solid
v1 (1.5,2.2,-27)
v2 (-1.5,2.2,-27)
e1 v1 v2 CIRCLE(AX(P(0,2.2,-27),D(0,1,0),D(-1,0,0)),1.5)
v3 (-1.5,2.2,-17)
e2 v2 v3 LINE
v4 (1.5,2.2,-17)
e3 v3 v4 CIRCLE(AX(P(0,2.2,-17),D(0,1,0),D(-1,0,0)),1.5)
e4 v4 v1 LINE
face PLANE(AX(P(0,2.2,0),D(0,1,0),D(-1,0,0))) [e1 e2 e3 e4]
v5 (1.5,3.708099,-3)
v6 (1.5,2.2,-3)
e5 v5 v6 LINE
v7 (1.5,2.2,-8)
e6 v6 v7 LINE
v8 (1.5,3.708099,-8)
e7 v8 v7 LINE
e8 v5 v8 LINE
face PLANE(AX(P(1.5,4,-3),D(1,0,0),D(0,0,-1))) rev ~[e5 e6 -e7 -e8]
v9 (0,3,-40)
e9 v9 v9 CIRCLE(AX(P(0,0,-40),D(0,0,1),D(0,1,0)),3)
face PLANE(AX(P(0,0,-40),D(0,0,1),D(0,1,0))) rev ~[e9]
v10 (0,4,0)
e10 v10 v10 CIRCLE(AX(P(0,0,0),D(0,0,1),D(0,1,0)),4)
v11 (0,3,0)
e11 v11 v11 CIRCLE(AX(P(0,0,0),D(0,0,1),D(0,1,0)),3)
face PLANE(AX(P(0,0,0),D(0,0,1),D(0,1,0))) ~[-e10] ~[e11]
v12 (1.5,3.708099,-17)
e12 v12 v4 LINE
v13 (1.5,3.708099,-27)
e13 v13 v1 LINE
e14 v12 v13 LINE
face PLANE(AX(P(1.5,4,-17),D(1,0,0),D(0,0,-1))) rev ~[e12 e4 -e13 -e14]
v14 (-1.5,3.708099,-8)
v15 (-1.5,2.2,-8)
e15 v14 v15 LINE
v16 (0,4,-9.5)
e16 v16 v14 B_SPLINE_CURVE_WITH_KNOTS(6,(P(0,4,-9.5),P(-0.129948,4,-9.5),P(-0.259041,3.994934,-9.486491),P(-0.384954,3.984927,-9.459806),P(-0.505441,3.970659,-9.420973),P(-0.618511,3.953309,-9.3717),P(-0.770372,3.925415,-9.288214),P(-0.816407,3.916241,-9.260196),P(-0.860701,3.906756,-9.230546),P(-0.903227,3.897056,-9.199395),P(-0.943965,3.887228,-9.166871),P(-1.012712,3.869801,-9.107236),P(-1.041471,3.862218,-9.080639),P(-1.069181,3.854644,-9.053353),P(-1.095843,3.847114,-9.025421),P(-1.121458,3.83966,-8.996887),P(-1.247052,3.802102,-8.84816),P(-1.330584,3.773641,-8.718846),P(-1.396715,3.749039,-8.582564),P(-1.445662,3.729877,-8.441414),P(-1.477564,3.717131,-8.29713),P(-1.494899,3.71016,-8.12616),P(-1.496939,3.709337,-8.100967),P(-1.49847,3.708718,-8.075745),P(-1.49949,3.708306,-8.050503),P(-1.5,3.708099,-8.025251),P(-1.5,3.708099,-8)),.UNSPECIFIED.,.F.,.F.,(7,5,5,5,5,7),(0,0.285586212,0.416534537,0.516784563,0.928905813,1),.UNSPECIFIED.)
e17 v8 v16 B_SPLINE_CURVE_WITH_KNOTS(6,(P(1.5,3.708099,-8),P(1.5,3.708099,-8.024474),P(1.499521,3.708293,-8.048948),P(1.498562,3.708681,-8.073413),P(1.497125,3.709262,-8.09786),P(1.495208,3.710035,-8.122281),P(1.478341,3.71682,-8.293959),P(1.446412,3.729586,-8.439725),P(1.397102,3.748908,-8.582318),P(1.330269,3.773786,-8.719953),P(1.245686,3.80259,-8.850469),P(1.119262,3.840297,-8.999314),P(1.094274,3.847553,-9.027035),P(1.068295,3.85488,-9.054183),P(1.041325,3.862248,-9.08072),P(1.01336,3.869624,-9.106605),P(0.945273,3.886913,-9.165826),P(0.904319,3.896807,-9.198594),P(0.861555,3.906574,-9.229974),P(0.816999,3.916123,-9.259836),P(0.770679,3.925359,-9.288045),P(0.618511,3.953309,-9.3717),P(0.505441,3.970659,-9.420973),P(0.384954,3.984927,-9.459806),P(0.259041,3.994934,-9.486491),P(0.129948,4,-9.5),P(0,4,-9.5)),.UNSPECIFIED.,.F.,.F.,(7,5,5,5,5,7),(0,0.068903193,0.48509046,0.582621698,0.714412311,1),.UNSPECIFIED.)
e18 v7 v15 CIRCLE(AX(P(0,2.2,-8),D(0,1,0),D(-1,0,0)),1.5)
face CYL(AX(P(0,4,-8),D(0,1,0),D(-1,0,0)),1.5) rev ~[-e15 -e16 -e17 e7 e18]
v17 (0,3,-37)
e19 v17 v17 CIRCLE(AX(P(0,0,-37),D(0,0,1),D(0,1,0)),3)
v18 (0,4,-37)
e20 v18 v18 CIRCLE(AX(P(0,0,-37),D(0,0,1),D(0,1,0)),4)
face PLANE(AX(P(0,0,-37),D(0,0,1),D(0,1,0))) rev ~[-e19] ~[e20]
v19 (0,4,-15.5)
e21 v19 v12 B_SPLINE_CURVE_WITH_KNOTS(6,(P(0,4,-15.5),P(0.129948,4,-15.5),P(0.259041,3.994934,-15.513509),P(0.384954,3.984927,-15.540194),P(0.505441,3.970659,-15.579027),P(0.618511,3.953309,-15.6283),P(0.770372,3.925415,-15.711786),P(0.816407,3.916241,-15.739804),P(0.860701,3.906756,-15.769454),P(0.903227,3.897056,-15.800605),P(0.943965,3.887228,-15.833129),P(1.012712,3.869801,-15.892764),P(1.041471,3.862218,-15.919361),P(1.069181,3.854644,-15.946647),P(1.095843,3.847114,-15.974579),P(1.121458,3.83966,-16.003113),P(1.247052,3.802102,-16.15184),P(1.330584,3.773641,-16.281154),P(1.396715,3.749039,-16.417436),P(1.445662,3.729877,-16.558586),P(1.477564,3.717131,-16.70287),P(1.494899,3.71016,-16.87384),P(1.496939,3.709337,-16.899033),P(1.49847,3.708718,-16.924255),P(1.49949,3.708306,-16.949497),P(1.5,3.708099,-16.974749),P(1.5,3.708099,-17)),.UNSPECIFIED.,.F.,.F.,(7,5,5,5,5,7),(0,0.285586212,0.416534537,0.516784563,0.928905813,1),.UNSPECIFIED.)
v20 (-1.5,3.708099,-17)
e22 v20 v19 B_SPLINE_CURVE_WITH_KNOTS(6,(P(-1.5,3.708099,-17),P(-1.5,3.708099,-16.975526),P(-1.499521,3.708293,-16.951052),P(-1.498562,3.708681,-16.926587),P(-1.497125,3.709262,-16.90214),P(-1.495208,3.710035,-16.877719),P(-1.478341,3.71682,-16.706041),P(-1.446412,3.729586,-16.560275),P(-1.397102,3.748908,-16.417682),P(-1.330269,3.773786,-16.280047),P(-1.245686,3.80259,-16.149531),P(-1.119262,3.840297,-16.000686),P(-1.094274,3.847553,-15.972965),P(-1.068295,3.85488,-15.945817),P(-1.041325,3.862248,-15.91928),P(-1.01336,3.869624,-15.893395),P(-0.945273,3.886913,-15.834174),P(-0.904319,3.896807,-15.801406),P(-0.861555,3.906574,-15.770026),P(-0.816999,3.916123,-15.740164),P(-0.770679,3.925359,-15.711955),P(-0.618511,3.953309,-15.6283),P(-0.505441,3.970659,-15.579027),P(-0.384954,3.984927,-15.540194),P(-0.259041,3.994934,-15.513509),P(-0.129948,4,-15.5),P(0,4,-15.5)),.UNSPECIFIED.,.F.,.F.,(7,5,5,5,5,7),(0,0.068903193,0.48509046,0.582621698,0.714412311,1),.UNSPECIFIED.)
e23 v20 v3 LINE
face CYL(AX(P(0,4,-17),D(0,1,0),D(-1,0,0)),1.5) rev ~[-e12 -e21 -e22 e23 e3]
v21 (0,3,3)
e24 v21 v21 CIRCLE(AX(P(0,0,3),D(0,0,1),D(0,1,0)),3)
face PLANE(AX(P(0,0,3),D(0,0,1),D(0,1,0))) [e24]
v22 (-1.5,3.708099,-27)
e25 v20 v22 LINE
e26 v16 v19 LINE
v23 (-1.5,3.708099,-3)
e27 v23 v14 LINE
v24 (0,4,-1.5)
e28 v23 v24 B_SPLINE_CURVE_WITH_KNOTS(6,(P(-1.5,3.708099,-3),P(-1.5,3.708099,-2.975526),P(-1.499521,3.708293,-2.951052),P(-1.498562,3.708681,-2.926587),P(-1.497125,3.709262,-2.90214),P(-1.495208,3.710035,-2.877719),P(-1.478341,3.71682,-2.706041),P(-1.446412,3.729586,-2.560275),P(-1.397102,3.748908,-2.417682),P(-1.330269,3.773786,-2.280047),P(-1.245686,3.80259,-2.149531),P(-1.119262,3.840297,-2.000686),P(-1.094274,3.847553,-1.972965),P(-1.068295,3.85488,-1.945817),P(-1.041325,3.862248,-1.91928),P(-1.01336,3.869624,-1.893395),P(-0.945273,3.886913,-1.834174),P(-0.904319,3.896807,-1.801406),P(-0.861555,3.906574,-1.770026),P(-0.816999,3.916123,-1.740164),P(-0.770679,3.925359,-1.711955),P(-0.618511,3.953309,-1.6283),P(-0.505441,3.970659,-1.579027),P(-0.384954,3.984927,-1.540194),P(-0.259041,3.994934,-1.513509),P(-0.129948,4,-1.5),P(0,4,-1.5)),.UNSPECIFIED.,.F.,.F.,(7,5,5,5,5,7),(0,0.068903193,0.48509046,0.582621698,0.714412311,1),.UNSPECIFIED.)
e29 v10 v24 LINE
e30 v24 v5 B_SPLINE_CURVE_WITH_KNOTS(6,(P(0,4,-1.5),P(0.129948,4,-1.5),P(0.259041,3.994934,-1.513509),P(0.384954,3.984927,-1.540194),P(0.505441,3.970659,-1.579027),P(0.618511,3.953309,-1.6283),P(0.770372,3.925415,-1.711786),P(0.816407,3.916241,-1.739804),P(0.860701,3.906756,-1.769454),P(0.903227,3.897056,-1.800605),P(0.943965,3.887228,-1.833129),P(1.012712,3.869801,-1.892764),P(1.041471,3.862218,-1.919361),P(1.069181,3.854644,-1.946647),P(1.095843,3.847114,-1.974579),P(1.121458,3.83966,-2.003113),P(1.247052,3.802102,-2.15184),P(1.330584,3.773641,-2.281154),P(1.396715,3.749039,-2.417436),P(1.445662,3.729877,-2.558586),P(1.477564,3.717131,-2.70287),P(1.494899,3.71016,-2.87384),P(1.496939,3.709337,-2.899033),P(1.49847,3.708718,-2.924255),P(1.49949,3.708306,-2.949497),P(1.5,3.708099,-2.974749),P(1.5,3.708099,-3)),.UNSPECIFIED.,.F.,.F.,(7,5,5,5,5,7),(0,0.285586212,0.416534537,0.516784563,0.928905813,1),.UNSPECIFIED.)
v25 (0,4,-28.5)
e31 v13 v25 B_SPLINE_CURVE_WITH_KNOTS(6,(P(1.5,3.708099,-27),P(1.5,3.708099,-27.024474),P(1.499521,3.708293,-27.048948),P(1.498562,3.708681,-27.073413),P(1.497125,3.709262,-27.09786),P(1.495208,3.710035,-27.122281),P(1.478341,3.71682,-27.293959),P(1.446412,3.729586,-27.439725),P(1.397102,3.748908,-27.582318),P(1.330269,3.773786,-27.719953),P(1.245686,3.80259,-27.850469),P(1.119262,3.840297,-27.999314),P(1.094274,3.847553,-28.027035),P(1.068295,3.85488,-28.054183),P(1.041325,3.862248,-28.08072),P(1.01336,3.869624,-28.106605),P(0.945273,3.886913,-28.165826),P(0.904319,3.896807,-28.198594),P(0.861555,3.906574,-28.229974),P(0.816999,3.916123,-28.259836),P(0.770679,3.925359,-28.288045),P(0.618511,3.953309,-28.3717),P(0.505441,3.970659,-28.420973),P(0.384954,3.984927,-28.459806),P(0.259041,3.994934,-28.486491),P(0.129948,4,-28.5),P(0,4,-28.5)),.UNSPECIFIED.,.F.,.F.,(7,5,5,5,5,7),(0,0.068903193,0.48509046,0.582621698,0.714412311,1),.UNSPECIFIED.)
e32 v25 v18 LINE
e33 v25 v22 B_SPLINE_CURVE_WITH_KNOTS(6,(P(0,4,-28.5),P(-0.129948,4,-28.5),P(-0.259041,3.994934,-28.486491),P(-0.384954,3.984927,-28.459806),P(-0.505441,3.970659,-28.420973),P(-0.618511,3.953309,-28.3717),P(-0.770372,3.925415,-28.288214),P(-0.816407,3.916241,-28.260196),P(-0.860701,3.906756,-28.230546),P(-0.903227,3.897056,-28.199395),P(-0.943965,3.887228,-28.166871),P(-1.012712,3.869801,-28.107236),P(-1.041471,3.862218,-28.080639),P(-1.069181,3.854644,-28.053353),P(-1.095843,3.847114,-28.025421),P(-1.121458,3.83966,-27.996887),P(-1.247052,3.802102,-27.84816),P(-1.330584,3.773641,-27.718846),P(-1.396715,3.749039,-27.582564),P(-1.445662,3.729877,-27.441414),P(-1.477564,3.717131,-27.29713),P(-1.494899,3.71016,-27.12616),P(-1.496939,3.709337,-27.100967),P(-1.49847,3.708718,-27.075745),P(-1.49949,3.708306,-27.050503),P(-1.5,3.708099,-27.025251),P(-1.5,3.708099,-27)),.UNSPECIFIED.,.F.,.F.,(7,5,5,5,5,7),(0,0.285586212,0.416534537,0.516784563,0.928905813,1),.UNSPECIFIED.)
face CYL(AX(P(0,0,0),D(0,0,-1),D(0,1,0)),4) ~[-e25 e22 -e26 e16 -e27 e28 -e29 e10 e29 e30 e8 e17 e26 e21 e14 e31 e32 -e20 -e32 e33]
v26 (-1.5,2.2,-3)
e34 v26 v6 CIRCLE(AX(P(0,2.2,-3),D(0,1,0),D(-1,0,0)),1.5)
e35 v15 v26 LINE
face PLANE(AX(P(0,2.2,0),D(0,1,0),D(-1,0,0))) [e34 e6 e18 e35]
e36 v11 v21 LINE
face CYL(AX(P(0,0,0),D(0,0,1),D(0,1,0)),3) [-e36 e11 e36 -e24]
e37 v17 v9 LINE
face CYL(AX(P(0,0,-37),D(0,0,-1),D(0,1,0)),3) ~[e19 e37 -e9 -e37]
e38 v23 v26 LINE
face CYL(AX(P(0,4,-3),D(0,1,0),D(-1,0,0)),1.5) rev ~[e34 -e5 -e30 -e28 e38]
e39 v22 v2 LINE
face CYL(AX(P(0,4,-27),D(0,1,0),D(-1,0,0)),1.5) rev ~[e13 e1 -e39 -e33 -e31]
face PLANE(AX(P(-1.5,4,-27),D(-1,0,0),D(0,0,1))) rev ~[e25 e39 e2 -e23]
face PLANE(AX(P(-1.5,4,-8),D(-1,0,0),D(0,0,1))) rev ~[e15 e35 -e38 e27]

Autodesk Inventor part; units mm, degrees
ref_plane "YZ Plane" through (0, 0, 0) normal (1, 0, 0) x (0, 1, 0)
ref_plane "XZ Plane" through (0, 0, 0) normal (0, 1, 0) x (-1, 0, 0)
ref_plane "XY Plane" through (0, 0, 0) normal (0, 0, 1) x (1, 0, 0)
sketch "スケッチ1" plane through (0, 0, 0) normal (1, 0, 0) x (0, 1, 0)
  line L0 (0, 0) -> (3, 0)
  line L1 (3, 0) -> (3, 3)
  line L2 (3, 3) -> (0, 3)
  line L3 (0, 3) -> (0, 0)
  line L4 (0, 0) -> (4, 0)
  line L5 (4, 0) -> (4, -37)
  line L6 (4, -37) -> (0, -37)
  line L7 (0, -37) -> (0, 0)
  line L8 (0, -37) -> (3, -37)
  line L9 (3, -37) -> (3, -40)
  line L10 (3, -40) -> (0, -40)
  line L11 (0, -40) -> (0, -37)
  dimension "d0" = 3
  dimension "d1" = 3
  dimension "d2" = 4
  dimension "d3" = 37
  dimension "d4" = 3
  dimension "d5" = 3
revolve "回転1" add sketch "スケッチ1" angle 360 about axis through (0, 0, -37) along (0, 0, 1)
sketch "スケッチ2" plane through (0, 0, 0) normal (0, 0, 1) x (1, 0, 0)
  circle A0 centre (0, 0) radius 4 projected
  point P0 (0, 4)
ref_plane "作業平面1" through (0, 4, 0) normal (0, 1, 0) x (-1, 0, 0)
sketch "スケッチ3" plane through (0, 4, 0) normal (0, 1, 0) x (-1, 0, 0)
  line L0 (0, 0) -> (0, 3)
  line L1 (3, 3) -> (-3, 3) projected
  line L2 (1.5, -3) -> (-1.5, -3)
  line L3 (-1.5, -3) -> (-1.5, -8)
  line L4 (-1.5, -8) -> (1.5, -8)
  line L5 (1.5, -8) -> (1.5, -3)
  line L6 (4, 0) -> (-4, 0) projected
  circle A0 centre (0, -3) radius 1.5
  circle A1 centre (0, -8) radius 1.5
  line L7 (-1.5, -27) -> (1.5, -27)
  line L8 (1.5, -27) -> (1.5, -17)
  line L9 (1.5, -17) -> (-1.5, -17)
  line L10 (-1.5, -17) -> (-1.5, -27)
  circle A2 centre (0, -27) radius 1.5
  circle A3 centre (0, -17) radius 1.5
  dimension "d7" = 3
  dimension "d8" = 5
  dimension "d9" = 3
  dimension "d12" = 3
  dimension "d13" = 9
  dimension "d14" = 10
extrude "押し出し1" cut sketch "スケッチ3" against normal blind 1.8
properties part number "入力軸" material "鋼、炭素鋼"
